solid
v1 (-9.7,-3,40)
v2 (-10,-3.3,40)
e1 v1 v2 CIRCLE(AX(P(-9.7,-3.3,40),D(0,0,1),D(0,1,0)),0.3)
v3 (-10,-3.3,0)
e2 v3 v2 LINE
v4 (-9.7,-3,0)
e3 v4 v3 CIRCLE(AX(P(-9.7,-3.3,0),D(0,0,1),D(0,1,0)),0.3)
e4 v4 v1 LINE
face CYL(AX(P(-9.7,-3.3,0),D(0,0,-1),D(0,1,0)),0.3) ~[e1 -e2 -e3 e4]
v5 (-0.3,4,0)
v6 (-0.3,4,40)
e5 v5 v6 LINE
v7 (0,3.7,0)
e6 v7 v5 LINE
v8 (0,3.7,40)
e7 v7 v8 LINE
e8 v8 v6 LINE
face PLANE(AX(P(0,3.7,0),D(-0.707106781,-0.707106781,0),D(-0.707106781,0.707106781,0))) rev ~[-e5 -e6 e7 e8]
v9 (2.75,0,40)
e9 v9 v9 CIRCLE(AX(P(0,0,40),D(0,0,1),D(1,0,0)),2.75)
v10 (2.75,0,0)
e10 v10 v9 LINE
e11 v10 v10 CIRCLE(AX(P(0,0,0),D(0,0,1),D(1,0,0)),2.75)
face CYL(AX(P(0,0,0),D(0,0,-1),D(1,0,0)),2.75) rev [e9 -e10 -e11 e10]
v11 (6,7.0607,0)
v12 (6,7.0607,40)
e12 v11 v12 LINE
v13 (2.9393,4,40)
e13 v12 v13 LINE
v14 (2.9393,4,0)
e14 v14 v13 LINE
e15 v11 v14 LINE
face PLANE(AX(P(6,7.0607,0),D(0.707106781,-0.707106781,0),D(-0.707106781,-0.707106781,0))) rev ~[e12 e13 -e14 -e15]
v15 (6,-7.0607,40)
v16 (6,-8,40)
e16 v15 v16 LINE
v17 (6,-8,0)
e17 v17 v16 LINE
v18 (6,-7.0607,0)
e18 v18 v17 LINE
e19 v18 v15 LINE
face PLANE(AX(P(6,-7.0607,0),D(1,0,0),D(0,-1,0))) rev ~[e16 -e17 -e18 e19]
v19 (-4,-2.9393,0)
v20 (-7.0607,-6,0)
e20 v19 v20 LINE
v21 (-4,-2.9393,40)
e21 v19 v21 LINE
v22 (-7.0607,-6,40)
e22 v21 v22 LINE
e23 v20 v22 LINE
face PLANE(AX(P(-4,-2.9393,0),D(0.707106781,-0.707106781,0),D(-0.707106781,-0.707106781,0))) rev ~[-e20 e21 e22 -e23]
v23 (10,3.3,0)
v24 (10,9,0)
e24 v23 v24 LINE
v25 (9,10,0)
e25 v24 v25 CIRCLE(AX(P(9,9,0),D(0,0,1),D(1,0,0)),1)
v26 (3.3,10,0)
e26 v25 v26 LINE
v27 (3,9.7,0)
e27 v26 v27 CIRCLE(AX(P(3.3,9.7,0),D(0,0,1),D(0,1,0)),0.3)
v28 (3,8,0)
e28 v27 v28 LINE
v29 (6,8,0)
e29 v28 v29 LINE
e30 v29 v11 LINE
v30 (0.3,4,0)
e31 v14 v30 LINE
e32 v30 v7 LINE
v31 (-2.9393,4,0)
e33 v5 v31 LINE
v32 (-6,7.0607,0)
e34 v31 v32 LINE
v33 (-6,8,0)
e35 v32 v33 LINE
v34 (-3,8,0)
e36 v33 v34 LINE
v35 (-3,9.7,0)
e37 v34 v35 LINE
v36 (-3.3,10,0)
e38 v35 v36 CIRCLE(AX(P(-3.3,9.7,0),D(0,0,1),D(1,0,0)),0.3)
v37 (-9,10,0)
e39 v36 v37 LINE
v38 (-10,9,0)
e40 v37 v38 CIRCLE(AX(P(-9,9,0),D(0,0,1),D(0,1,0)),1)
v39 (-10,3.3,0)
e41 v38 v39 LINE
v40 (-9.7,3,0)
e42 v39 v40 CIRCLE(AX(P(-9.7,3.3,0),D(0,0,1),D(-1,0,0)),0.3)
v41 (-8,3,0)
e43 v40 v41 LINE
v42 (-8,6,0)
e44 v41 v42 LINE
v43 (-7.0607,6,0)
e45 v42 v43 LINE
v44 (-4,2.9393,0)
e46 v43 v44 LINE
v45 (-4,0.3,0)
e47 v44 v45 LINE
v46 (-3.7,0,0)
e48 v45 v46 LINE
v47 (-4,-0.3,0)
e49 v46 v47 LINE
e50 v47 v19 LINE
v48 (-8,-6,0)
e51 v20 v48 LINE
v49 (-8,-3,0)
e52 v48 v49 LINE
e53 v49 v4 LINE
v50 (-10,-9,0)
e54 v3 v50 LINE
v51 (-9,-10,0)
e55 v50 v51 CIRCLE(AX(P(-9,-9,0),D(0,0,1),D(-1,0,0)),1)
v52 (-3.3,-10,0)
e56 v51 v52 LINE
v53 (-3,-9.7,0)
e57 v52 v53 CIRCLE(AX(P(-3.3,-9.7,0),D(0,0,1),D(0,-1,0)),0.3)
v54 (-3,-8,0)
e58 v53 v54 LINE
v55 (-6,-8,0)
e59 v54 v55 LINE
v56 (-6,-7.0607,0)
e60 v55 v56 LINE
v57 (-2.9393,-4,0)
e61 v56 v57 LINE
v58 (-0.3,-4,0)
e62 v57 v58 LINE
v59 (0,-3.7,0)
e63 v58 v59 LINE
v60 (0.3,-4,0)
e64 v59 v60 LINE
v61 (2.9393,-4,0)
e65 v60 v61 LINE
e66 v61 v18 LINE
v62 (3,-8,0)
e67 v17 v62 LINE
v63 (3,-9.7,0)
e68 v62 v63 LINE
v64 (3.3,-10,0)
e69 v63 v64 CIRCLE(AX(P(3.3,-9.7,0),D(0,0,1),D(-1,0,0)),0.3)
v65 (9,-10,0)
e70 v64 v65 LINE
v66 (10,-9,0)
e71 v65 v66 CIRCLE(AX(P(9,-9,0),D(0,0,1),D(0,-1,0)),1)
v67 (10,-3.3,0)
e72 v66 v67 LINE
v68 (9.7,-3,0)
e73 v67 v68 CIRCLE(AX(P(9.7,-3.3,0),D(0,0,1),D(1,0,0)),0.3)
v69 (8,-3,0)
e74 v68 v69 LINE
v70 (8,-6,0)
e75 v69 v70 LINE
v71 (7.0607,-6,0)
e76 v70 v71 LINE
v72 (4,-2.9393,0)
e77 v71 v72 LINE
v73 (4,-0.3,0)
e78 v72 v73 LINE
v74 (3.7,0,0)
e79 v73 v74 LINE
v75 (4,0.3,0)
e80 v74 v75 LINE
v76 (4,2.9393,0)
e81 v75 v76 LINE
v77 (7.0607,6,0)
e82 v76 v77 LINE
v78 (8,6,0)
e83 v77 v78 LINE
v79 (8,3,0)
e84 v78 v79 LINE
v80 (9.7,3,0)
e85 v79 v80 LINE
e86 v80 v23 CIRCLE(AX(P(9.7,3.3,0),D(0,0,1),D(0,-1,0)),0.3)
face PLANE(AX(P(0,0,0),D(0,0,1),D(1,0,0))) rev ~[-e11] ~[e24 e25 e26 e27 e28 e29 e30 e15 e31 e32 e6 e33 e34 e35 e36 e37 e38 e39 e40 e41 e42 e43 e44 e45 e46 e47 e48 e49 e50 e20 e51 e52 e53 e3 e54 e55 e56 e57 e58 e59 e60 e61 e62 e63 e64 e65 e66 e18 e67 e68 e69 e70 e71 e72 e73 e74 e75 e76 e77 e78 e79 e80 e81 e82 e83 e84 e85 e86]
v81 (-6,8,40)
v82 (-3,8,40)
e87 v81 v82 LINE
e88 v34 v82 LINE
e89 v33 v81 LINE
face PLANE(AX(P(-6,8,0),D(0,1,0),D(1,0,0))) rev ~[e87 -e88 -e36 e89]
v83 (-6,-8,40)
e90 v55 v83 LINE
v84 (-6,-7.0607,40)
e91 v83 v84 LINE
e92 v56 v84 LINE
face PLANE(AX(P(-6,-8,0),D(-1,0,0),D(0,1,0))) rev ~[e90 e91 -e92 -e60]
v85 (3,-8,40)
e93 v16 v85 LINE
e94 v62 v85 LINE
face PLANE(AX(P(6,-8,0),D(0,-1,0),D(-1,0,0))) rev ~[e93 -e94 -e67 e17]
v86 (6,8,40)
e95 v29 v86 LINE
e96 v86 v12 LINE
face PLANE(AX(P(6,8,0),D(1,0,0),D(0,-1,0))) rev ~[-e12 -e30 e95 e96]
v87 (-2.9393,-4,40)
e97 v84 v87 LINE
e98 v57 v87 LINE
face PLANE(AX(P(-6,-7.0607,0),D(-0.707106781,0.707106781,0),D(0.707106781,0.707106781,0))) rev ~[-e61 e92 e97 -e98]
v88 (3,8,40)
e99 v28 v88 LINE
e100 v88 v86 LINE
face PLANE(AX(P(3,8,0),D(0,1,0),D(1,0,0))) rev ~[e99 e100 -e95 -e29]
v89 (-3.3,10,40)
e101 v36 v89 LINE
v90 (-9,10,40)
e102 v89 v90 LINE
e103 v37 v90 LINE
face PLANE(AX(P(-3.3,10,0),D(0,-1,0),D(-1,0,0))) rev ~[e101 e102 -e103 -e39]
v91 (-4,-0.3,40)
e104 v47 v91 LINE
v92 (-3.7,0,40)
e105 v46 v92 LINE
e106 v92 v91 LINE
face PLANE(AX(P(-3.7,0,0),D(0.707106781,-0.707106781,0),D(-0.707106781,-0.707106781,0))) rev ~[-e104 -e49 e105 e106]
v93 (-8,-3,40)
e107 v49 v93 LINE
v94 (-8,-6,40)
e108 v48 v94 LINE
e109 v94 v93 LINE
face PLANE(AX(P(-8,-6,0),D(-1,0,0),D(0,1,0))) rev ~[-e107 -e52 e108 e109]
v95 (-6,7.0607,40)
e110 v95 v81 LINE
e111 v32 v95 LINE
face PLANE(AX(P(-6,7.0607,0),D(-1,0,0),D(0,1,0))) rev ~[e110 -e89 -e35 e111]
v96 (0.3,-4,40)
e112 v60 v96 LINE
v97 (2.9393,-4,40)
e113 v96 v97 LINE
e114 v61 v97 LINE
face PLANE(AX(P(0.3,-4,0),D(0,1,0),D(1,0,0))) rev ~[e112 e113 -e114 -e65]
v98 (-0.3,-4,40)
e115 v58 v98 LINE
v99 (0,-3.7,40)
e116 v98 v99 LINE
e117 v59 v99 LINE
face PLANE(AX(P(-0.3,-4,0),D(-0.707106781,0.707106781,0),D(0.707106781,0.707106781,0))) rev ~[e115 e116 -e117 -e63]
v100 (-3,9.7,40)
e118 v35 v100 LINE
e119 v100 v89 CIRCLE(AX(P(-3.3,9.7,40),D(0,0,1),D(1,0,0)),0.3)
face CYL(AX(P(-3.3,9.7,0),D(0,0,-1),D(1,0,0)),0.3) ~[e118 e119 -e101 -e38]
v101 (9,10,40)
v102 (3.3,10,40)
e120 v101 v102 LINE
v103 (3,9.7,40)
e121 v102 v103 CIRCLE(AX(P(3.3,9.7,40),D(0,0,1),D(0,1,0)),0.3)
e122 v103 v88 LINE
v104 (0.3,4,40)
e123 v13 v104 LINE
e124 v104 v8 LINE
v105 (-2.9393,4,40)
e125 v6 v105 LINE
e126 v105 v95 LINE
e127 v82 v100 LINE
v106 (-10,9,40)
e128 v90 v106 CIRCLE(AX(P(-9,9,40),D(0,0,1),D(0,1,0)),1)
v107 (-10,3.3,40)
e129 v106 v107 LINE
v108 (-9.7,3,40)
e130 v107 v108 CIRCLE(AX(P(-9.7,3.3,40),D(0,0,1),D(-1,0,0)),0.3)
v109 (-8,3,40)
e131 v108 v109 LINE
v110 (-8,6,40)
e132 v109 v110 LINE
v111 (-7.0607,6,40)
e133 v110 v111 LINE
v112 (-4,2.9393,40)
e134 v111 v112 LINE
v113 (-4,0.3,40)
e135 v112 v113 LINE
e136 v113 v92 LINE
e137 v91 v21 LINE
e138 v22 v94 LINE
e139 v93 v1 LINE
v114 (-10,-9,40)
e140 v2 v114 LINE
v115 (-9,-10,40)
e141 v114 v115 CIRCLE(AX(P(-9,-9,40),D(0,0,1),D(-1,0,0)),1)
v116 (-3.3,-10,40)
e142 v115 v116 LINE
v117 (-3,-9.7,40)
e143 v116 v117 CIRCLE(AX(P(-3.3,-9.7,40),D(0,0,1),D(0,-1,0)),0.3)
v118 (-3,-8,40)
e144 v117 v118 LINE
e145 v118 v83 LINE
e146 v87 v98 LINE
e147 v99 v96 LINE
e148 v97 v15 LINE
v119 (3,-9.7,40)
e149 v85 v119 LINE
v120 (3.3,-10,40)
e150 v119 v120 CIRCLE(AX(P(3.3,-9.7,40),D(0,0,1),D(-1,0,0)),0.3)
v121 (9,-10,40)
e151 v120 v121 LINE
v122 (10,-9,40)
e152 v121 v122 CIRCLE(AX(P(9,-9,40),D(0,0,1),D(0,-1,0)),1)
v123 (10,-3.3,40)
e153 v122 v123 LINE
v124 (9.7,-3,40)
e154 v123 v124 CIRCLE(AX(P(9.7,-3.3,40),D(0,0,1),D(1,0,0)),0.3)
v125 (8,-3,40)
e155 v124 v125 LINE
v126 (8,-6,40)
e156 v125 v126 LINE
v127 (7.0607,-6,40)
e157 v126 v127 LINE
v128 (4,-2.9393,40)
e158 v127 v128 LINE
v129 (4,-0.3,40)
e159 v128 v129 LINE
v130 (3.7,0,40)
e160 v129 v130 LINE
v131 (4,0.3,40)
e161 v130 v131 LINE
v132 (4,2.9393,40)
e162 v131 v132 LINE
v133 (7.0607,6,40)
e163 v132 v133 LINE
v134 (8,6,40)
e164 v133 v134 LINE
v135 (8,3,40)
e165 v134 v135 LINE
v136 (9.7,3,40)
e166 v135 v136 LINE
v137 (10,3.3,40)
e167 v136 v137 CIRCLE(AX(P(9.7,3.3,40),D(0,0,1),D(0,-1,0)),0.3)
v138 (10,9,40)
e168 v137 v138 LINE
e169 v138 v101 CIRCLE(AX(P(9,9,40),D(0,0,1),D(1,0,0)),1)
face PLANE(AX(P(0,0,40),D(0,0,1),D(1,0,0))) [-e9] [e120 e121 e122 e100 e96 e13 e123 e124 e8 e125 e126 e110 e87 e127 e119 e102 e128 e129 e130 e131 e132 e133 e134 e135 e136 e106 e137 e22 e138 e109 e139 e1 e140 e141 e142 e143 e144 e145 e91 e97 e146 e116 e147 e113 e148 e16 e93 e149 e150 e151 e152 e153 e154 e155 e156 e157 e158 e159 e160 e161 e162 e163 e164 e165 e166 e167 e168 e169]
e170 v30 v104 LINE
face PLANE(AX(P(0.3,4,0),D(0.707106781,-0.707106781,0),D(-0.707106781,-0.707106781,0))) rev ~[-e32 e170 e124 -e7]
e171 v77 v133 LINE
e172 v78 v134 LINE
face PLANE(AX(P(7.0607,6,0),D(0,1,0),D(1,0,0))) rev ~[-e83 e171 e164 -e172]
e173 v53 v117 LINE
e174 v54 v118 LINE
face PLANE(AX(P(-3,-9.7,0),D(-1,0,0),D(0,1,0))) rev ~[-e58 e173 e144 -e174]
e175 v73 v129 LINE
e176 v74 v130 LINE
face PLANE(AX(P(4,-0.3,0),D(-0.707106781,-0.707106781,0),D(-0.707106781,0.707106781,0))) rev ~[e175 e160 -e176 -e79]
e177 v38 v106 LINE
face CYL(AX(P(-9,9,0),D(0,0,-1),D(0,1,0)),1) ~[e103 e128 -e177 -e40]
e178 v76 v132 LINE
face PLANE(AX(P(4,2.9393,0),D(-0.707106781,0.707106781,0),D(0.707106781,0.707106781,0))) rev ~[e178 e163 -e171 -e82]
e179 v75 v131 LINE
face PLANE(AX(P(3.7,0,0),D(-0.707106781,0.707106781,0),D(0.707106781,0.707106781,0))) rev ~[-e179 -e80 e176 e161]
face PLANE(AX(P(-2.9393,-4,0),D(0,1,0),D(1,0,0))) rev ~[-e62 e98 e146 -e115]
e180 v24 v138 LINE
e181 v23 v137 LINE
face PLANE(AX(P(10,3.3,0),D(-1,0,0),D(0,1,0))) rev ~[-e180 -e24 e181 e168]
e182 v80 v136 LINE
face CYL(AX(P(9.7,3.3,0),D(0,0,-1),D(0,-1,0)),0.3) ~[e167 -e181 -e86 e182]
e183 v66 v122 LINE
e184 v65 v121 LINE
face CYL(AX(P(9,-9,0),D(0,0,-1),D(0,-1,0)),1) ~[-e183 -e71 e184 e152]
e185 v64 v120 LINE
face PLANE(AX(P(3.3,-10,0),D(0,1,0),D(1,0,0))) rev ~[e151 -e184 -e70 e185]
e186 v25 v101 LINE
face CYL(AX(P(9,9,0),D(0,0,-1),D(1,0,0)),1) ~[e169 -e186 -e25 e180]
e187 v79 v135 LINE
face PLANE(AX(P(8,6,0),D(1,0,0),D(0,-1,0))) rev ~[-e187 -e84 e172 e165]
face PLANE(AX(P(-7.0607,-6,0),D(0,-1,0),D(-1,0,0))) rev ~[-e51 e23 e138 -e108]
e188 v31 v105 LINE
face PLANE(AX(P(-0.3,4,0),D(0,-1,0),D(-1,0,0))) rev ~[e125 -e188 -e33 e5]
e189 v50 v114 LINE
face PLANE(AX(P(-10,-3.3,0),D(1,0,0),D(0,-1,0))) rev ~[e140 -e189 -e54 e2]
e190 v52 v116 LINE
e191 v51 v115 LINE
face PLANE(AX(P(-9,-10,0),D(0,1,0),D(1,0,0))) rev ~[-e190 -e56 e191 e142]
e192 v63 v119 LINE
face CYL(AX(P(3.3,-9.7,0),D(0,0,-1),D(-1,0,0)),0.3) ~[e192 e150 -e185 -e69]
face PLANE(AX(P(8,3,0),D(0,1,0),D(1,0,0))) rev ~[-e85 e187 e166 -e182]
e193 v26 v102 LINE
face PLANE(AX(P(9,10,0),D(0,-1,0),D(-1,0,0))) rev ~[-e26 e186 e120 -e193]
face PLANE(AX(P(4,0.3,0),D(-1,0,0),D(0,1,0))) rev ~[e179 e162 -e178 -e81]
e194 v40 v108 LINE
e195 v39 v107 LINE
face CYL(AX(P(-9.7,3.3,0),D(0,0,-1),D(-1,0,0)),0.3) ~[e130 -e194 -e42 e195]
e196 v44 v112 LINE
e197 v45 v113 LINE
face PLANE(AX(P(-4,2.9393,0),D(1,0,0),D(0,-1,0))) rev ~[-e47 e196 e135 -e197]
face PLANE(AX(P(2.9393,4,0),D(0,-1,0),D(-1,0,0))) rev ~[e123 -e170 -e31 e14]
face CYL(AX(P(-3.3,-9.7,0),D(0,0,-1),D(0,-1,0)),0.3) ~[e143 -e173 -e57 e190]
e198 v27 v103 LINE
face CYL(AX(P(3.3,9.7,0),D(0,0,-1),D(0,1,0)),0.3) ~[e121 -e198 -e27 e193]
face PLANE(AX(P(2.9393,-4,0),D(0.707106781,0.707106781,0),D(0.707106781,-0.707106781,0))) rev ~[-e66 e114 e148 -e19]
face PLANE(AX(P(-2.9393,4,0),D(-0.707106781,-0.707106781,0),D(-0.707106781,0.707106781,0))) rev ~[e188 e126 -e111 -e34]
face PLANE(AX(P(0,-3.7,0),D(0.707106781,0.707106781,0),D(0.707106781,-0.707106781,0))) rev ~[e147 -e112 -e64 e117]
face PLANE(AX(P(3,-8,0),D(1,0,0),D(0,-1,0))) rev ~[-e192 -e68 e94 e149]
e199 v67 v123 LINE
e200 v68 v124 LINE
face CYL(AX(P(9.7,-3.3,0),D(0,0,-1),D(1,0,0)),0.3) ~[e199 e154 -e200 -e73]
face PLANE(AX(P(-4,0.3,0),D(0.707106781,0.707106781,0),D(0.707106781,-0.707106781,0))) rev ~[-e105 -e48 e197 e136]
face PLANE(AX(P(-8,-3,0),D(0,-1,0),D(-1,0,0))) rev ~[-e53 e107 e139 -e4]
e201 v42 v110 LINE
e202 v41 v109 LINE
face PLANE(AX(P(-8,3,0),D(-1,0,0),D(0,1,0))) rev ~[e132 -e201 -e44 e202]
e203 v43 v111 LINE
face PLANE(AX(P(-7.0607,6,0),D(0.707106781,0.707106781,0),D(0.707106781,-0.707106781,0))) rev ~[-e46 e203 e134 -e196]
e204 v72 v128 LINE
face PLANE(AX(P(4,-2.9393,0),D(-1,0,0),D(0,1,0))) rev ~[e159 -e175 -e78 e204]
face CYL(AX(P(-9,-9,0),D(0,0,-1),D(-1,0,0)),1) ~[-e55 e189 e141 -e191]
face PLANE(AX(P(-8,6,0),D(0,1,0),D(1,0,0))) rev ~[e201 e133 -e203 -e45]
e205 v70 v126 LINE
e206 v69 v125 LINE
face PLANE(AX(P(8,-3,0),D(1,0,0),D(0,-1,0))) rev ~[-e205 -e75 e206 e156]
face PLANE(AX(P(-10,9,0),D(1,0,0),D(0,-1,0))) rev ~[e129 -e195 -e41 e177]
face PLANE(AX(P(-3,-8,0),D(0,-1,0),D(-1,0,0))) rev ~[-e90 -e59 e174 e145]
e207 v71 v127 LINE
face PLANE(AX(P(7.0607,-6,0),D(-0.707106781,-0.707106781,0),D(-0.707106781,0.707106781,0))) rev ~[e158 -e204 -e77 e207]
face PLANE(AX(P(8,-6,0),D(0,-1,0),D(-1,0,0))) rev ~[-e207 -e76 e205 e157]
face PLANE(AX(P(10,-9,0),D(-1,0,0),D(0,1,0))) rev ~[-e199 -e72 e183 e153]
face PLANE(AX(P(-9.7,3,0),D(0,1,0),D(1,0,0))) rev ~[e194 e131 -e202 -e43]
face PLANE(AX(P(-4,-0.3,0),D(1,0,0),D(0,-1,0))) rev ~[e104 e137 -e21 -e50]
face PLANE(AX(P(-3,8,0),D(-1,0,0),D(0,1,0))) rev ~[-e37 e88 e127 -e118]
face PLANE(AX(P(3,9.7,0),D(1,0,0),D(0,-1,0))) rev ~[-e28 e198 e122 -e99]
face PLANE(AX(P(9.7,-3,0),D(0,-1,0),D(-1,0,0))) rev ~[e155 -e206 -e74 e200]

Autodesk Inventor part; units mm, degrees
ref_plane "Startebene" through (0, 0, 0) normal (0, 0, 1) x (1, 0, 0)
ref_plane "Endebene" through (0, 0, 320) normal (0, 0, 1) x (1, 0, 0)
ref_plane "Startebene1" through (0, 0, 0) normal (0, 0, 1) x (1, 0, 0)
ref_plane "Endebene1" through (0, 0, 40) normal (0, 0, 1) x (1, 0, 0)
ref_plane "Startebene2" through (0, 0, 0) normal (0, 0, 1) x (1, 0, 0)
ref_plane "Endebene2" through (0, 0, 40) normal (0, 0, 1) x (1, 0, 0)
sketch "Sketch_5" plane through (0, 0, 0) normal (0, 0, 1) x (1, 0, 0)
  line L0 (-10, 9) -> (-10, 3.3)
  arc A0 (-10, 3.3) -> (-9.7, 3) centre (-9.7, 3.3) ccw
  line L1 (-9.7, 3) -> (-8, 3)
  line L2 (-8, 3) -> (-8, 6)
  line L3 (-8, 6) -> (-7.0607, 6)
  line L4 (-7.0607, 6) -> (-4, 2.9393)
  line L5 (-4, 2.9393) -> (-4, 0.3)
  line L6 (-4, 0.3) -> (-3.7, 0)
  line L7 (-3.7, 0) -> (-4, -0.3)
  line L8 (-4, -0.3) -> (-4, -2.9393)
  line L9 (-4, -2.9393) -> (-7.0607, -6)
  line L10 (-7.0607, -6) -> (-8, -6)
  line L11 (-8, -6) -> (-8, -3)
  line L12 (-8, -3) -> (-9.7, -3)
  arc A1 (-9.7, -3) -> (-10, -3.3) centre (-9.7, -3.3) ccw
  line L13 (-10, -3.3) -> (-10, -9)
  arc A2 (-10, -9) -> (-9, -10) centre (-9, -9) ccw
  line L14 (-9, -10) -> (-3.3, -10)
  arc A3 (-3.3, -10) -> (-3, -9.7) centre (-3.3, -9.7) ccw
  line L15 (-3, -9.7) -> (-3, -8)
  line L16 (-3, -8) -> (-6, -8)
  line L17 (-6, -8) -> (-6, -7.0607)
  line L18 (-6, -7.0607) -> (-2.9393, -4)
  line L19 (-2.9393, -4) -> (-0.3, -4)
  line L20 (-0.3, -4) -> (0, -3.7)
  line L21 (0, -3.7) -> (0.3, -4)
  line L22 (0.3, -4) -> (2.9393, -4)
  line L23 (2.9393, -4) -> (6, -7.0607)
  line L24 (6, -7.0607) -> (6, -8)
  line L25 (6, -8) -> (3, -8)
  line L26 (3, -8) -> (3, -9.7)
  arc A4 (3, -9.7) -> (3.3, -10) centre (3.3, -9.7) ccw
  line L27 (3.3, -10) -> (9, -10)
  arc A5 (9, -10) -> (10, -9) centre (9, -9) ccw
  line L28 (10, -9) -> (10, -3.3)
  arc A6 (10, -3.3) -> (9.7, -3) centre (9.7, -3.3) ccw
  line L29 (9.7, -3) -> (8, -3)
  line L30 (8, -3) -> (8, -6)
  line L31 (8, -6) -> (7.0607, -6)
  line L32 (7.0607, -6) -> (4, -2.9393)
  line L33 (4, -2.9393) -> (4, -0.3)
  line L34 (4, -0.3) -> (3.7, 0)
  line L35 (3.7, 0) -> (4, 0.3)
  line L36 (4, 0.3) -> (4, 2.9393)
  line L37 (4, 2.9393) -> (7.0607, 6)
  line L38 (7.0607, 6) -> (8, 6)
  line L39 (8, 6) -> (8, 3)
  line L40 (8, 3) -> (9.7, 3)
  arc A7 (9.7, 3) -> (10, 3.3) centre (9.7, 3.3) ccw
  line L41 (10, 3.3) -> (10, 9)
  arc A8 (10, 9) -> (9, 10) centre (9, 9) ccw
  line L42 (9, 10) -> (3.3, 10)
  arc A9 (3.3, 10) -> (3, 9.7) centre (3.3, 9.7) ccw
  line L43 (3, 9.7) -> (3, 8)
  line L44 (3, 8) -> (6, 8)
  line L45 (6, 8) -> (6, 7.0607)
  line L46 (6, 7.0607) -> (2.9393, 4)
  line L47 (2.9393, 4) -> (0.3, 4)
  line L48 (0.3, 4) -> (0, 3.7)
  line L49 (0, 3.7) -> (-0.3, 4)
  line L50 (-0.3, 4) -> (-2.9393, 4)
  line L51 (-2.9393, 4) -> (-6, 7.0607)
  line L52 (-6, 7.0607) -> (-6, 8)
  line L53 (-6, 8) -> (-3, 8)
  line L54 (-3, 8) -> (-3, 9.7)
  arc A10 (-3, 9.7) -> (-3.3, 10) centre (-3.3, 9.7) ccw
  line L55 (-3.3, 10) -> (-9, 10)
  arc A11 (-9, 10) -> (-10, 9) centre (-9, 9) ccw
  circle A12 centre (0, 0) radius 2.75
  dimension "d2" = 5.5
  dimension "d3" = 10
  dimension "d4" = 10
  dimension "d5" = 5.7
  dimension "d6" = 5.7
  dimension "d7" = 1.7
  dimension "d8" = 3
  dimension "d9" = 0.3
  dimension "d10" = 90
  dimension "d11" = 45
  dimension "d12" = 45
  dimension "d13" = 45
  dimension "d14" = 90
  dimension "d15" = 90
  dimension "d16" = 45
  dimension "d17" = 45
  dimension "d18" = 45
  dimension "d19" = 45
  dimension "d20" = 90
  dimension "d21" = 90
  dimension "d22" = 45
  dimension "d23" = 45
  dimension "d24" = 90
  dimension "d25" = 90
  dimension "d26" = 90
  dimension "d27" = 90
  dimension "d28" = 90
  dimension "d29" = 90
  dimension "d30" = 90
  dimension "d31" = 90
  dimension "d32" = 90
  dimension "d33" = 90
  dimension "d34" = 90
  dimension "d35" = 90
  dimension "d36" = 90
  dimension "d37" = 90
  dimension "d38" = 90
  dimension "d39" = 4
  dimension "d40" = 6
  dimension "d41" = 13
  dimension "d42" = 14
  dimension "d43" = 16
  dimension "d44" = 18
  dimension "d45" = 3
  dimension "d46" = 9
  dimension "d47" = 7
  dimension "d48" = 1
  dimension "d49" = 7
  dimension "d50" = 1.5
  dimension "d51" = 1.8663
  dimension "d52" = 3.3663
  dimension "d53" = 1.5
  dimension "d54" = 1.8663
  dimension "d55" = 3.3663
  dimension "d56" = 4
  dimension "d57" = 10.8187
  dimension "d58" = 1.9092
  dimension "d59" = 5
  dimension "d60" = 13
  dimension "d61" = 13
  dimension "d62" = 16.0513
  dimension "d63" = 3.3234
  dimension "d64" = 14
  dimension "d65" = 12.685
extrude "Körper" add sketch "Sketch_5" along normal up to surface (40 mm away) from surface at 0
sketch "Skizze13" plane through (0, 0, 0) normal (0, 0, 1) x (1, 0, 0)
  line L0 (0, 0) -> (10, 0)
ref_plane "Arbeitsebene12" through (0, 0, 0) normal (0, -1, 0) x (1, 0, 0)
sketch "Skizze14" plane through (0, 0, 0) normal (0, -1, 0) x (1, 0, 0)
  line L0 (-14, 0) -> (14, 0)
  line L1 (-14, 40) -> (14, 40)
  dimension "d80" = 40
equation "\"G_OFFSET_START\" = 0"
equation "\"G_OFFSET_END\" = 0"
equation "\"G_L\" = d80"
equation "\"G_OFFSET_START1\" = 0"
equation "\"G_OFFSET_END1\" = 0"
equation "\"G_OFFSET_START2\" = 0"
equation "\"G_OFFSET_END2\" = 0"
properties part number "Alu Profil 20x20 - AP2020" material "Aluminium 6061"
